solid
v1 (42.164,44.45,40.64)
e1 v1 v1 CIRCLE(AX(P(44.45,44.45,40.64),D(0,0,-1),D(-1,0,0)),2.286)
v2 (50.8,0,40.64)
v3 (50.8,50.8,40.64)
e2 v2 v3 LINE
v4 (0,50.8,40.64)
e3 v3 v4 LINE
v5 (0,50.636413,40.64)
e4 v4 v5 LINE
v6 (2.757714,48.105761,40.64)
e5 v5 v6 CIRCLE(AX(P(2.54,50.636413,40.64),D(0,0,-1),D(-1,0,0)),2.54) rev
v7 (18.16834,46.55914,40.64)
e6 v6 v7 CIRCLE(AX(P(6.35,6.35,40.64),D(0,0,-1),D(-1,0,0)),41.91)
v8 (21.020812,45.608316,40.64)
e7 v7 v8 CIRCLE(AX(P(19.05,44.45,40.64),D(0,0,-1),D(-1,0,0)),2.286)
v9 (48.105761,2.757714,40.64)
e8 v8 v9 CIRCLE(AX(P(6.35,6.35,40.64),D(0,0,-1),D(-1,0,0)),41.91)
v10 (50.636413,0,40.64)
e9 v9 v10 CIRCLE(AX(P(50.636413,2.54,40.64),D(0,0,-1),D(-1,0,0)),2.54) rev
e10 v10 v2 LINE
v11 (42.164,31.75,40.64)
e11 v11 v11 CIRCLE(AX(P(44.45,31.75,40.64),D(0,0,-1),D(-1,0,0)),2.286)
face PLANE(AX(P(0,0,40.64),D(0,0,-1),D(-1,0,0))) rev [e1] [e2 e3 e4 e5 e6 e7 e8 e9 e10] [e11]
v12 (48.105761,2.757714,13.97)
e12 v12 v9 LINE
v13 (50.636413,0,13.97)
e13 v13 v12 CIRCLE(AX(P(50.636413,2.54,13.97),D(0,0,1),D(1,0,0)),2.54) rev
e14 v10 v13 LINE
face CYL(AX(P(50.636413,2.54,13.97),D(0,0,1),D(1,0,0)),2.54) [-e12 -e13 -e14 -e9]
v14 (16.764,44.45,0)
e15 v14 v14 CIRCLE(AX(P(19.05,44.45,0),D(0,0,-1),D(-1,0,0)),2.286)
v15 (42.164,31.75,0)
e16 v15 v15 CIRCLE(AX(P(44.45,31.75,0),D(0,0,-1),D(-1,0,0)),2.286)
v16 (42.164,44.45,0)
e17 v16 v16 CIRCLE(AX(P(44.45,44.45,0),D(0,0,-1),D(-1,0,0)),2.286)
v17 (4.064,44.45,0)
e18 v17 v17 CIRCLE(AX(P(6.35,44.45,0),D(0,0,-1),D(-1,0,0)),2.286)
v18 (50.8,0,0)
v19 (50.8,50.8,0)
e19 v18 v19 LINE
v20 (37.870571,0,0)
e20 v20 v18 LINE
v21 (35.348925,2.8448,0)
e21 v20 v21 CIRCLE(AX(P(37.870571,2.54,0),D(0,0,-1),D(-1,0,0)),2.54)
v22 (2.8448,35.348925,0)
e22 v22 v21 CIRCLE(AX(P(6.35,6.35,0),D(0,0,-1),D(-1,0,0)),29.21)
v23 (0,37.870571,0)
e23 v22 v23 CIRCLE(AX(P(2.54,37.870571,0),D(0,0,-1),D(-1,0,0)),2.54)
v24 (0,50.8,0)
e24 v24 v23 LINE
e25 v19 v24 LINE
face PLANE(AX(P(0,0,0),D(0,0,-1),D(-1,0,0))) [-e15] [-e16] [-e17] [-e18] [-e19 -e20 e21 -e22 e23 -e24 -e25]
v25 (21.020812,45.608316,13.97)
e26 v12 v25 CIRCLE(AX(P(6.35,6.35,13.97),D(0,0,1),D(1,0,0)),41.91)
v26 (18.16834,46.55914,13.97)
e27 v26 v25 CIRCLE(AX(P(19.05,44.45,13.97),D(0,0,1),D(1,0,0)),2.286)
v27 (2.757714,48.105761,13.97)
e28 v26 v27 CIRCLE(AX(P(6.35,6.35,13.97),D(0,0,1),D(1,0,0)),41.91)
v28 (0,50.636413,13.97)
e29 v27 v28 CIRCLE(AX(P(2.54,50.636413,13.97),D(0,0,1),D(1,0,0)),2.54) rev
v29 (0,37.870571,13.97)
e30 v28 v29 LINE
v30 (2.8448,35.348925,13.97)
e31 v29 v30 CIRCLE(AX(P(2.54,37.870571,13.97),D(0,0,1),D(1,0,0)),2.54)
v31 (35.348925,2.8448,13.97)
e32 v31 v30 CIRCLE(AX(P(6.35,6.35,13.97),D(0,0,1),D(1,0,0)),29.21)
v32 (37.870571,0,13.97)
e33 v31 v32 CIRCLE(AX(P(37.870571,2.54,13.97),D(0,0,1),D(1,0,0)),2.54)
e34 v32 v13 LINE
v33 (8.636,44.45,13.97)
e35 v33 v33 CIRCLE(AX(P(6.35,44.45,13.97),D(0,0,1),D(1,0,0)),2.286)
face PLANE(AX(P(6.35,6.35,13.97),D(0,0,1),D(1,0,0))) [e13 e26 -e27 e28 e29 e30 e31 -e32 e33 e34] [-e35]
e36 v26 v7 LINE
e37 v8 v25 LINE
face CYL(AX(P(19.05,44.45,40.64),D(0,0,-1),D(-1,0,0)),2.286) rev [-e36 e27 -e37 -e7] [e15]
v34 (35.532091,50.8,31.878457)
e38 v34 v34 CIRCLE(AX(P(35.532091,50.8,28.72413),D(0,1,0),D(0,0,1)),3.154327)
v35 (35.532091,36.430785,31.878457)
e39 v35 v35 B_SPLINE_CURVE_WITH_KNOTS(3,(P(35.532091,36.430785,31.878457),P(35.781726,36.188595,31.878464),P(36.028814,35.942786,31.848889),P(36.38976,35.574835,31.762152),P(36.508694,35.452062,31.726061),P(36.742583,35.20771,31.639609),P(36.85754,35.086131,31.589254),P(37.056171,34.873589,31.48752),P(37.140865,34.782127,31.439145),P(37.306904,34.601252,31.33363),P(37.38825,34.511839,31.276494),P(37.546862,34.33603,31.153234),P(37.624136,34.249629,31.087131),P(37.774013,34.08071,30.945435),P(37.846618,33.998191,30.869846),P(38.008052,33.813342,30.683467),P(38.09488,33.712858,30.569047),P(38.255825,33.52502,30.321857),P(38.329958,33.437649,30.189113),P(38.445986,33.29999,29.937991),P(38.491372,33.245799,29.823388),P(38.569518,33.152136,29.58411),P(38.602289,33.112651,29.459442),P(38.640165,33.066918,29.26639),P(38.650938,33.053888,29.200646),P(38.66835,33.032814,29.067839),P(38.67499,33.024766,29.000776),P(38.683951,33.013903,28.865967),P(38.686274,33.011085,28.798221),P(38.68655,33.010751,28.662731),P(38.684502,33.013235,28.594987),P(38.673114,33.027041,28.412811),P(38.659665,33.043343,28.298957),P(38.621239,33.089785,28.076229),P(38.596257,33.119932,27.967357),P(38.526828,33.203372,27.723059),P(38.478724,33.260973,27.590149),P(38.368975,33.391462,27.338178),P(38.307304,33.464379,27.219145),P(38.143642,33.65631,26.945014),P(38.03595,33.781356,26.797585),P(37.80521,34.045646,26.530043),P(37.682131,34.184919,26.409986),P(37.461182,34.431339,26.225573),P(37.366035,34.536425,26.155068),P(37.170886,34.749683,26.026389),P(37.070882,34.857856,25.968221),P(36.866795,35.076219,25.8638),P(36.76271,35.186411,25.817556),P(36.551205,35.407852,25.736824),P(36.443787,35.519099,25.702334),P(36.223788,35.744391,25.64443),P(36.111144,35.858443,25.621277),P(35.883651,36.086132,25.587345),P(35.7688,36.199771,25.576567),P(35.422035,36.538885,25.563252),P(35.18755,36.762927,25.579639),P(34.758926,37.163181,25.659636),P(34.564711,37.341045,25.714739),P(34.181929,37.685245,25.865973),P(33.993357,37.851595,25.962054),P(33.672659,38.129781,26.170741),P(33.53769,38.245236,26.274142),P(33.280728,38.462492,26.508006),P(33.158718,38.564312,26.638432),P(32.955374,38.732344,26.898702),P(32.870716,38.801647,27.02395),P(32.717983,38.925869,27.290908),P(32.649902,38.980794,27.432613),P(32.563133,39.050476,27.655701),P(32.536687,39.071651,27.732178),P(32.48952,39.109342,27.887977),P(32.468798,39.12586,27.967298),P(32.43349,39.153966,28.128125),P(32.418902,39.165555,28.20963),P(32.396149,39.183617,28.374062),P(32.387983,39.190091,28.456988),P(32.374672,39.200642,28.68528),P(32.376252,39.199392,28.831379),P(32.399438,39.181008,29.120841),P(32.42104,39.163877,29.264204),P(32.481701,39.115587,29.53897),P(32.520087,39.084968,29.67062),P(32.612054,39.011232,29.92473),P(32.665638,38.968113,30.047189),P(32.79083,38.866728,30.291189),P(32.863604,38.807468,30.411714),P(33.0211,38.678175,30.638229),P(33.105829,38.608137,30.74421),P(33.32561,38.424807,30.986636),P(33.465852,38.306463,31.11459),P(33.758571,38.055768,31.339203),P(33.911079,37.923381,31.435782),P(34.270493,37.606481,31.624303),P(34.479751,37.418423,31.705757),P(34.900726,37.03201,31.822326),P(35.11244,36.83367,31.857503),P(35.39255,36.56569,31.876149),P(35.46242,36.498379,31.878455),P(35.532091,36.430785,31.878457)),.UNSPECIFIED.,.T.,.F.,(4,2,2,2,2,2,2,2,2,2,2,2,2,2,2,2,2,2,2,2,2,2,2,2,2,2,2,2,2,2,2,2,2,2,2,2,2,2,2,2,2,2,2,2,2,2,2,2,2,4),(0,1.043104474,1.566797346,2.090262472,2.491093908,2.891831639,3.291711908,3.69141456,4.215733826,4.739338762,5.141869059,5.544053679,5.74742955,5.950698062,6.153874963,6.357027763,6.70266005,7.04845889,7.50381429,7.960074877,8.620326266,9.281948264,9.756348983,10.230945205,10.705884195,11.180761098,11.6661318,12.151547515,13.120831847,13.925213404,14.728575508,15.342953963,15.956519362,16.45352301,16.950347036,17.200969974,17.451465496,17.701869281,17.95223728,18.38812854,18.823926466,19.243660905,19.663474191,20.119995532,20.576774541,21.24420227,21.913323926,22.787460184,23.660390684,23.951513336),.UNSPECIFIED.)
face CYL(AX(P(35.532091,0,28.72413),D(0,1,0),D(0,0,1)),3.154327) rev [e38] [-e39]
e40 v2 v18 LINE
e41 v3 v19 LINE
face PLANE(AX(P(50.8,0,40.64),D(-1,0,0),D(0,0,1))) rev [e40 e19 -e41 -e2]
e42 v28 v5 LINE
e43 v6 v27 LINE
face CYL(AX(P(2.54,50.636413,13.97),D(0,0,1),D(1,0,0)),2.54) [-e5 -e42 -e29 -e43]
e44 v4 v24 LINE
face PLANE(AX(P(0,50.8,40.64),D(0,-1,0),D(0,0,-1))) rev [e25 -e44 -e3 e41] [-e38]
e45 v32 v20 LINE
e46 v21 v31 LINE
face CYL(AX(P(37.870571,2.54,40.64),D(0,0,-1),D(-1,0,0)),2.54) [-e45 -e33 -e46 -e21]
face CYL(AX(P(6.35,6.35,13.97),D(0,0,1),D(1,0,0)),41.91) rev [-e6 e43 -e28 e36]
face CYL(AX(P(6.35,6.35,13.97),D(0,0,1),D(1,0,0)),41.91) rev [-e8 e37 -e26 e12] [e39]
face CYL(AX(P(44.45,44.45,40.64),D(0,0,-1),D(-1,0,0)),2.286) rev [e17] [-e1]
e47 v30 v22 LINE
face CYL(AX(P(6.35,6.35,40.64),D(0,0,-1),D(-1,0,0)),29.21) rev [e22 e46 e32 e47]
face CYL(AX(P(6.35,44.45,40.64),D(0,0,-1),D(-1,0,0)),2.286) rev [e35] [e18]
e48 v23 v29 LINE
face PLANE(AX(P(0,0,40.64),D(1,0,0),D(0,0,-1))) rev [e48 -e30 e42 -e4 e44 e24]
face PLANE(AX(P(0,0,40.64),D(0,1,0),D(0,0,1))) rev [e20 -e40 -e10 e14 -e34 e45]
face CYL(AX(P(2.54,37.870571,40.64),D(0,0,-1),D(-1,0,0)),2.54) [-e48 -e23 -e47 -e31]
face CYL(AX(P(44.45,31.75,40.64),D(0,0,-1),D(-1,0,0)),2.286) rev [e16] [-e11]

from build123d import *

# Parameters (mm, degrees)
SKETCH1_W           = 50.8
SKETCH1_H           = 50.8
BOSS_EXTRUDE1_DEPTH = 40.64
SKETCH2_R           = 41.91
CUT_EXTRUDE1_DEPTH  = 26.67
SKETCH3_R           = 29.21
CUT_EXTRUDE2_DEPTH  = 83.540230191
SKETCH4_R           = 2.286
CUT_EXTRUDE3_DEPTH  = 83.540230191
FILLET1_R           = 2.54
SKETCH5_R           = 3.154327094
CUT_EXTRUDE4_DEPTH  = 83.540230191


with BuildPart() as part:
    # Sketch1 → Boss-Extrude1 (new body)
    with BuildSketch(Plane.XY):
        with Locations((25.4, 25.4)):
            Rectangle(SKETCH1_W, SKETCH1_H)
    extrude(amount=BOSS_EXTRUDE1_DEPTH)

    # Sketch2 → Cut-Extrude1 (cut)
    with BuildSketch(Plane.XY.offset(40.64)):
        with Locations((6.35, 6.35)):
            Circle(SKETCH2_R)
    extrude(amount=-CUT_EXTRUDE1_DEPTH, mode=Mode.SUBTRACT)

    # Sketch3 → Cut-Extrude2 (cut, through all)
    with BuildSketch(Plane(origin=(0, 0, 0), x_dir=(-1, 0, 0), z_dir=(0, 0, -1))):
        with Locations((-6.35, 6.35)):
            Circle(SKETCH3_R)
    extrude(amount=-CUT_EXTRUDE2_DEPTH, mode=Mode.SUBTRACT)

    # Sketch4 → Cut-Extrude3 (cut, through all)
    with BuildSketch(Plane(origin=(0, 0, 0), x_dir=(-1, 0, 0), z_dir=(0, 0, -1))):
        with Locations((-6.35, 44.45)):
            Circle(SKETCH4_R)
        with Locations((-19.05, 44.45)):
            Circle(SKETCH4_R)
        with Locations((-44.45, 44.45)):
            Circle(SKETCH4_R)
        with Locations((-44.45, 31.75)):
            Circle(SKETCH4_R)
    extrude(amount=-CUT_EXTRUDE3_DEPTH, mode=Mode.SUBTRACT)

    # Fillet1
    fillet1_edges = [part.edges().sort_by_distance(p)[0] for p in [
        (0, 47.776146333, 27.305),
        (47.776146333, 0, 27.305),
        (0, 34.861429287, 6.985),
        (34.861429287, 0, 6.985),
    ]]
    fillet(fillet1_edges, radius=FILLET1_R)

    # Sketch5 → Cut-Extrude4 (cut, through all)
    with BuildSketch(Plane(origin=(0, 50.8, 0), x_dir=(1, 0, 0), z_dir=(0, 1, 0))):
        with Locations(Location((35.532091271, -28.724129848, 0), (0, 0, 270))):
            Circle(SKETCH5_R)
    extrude(amount=-CUT_EXTRUDE4_DEPTH, mode=Mode.SUBTRACT)


solid = part.part
